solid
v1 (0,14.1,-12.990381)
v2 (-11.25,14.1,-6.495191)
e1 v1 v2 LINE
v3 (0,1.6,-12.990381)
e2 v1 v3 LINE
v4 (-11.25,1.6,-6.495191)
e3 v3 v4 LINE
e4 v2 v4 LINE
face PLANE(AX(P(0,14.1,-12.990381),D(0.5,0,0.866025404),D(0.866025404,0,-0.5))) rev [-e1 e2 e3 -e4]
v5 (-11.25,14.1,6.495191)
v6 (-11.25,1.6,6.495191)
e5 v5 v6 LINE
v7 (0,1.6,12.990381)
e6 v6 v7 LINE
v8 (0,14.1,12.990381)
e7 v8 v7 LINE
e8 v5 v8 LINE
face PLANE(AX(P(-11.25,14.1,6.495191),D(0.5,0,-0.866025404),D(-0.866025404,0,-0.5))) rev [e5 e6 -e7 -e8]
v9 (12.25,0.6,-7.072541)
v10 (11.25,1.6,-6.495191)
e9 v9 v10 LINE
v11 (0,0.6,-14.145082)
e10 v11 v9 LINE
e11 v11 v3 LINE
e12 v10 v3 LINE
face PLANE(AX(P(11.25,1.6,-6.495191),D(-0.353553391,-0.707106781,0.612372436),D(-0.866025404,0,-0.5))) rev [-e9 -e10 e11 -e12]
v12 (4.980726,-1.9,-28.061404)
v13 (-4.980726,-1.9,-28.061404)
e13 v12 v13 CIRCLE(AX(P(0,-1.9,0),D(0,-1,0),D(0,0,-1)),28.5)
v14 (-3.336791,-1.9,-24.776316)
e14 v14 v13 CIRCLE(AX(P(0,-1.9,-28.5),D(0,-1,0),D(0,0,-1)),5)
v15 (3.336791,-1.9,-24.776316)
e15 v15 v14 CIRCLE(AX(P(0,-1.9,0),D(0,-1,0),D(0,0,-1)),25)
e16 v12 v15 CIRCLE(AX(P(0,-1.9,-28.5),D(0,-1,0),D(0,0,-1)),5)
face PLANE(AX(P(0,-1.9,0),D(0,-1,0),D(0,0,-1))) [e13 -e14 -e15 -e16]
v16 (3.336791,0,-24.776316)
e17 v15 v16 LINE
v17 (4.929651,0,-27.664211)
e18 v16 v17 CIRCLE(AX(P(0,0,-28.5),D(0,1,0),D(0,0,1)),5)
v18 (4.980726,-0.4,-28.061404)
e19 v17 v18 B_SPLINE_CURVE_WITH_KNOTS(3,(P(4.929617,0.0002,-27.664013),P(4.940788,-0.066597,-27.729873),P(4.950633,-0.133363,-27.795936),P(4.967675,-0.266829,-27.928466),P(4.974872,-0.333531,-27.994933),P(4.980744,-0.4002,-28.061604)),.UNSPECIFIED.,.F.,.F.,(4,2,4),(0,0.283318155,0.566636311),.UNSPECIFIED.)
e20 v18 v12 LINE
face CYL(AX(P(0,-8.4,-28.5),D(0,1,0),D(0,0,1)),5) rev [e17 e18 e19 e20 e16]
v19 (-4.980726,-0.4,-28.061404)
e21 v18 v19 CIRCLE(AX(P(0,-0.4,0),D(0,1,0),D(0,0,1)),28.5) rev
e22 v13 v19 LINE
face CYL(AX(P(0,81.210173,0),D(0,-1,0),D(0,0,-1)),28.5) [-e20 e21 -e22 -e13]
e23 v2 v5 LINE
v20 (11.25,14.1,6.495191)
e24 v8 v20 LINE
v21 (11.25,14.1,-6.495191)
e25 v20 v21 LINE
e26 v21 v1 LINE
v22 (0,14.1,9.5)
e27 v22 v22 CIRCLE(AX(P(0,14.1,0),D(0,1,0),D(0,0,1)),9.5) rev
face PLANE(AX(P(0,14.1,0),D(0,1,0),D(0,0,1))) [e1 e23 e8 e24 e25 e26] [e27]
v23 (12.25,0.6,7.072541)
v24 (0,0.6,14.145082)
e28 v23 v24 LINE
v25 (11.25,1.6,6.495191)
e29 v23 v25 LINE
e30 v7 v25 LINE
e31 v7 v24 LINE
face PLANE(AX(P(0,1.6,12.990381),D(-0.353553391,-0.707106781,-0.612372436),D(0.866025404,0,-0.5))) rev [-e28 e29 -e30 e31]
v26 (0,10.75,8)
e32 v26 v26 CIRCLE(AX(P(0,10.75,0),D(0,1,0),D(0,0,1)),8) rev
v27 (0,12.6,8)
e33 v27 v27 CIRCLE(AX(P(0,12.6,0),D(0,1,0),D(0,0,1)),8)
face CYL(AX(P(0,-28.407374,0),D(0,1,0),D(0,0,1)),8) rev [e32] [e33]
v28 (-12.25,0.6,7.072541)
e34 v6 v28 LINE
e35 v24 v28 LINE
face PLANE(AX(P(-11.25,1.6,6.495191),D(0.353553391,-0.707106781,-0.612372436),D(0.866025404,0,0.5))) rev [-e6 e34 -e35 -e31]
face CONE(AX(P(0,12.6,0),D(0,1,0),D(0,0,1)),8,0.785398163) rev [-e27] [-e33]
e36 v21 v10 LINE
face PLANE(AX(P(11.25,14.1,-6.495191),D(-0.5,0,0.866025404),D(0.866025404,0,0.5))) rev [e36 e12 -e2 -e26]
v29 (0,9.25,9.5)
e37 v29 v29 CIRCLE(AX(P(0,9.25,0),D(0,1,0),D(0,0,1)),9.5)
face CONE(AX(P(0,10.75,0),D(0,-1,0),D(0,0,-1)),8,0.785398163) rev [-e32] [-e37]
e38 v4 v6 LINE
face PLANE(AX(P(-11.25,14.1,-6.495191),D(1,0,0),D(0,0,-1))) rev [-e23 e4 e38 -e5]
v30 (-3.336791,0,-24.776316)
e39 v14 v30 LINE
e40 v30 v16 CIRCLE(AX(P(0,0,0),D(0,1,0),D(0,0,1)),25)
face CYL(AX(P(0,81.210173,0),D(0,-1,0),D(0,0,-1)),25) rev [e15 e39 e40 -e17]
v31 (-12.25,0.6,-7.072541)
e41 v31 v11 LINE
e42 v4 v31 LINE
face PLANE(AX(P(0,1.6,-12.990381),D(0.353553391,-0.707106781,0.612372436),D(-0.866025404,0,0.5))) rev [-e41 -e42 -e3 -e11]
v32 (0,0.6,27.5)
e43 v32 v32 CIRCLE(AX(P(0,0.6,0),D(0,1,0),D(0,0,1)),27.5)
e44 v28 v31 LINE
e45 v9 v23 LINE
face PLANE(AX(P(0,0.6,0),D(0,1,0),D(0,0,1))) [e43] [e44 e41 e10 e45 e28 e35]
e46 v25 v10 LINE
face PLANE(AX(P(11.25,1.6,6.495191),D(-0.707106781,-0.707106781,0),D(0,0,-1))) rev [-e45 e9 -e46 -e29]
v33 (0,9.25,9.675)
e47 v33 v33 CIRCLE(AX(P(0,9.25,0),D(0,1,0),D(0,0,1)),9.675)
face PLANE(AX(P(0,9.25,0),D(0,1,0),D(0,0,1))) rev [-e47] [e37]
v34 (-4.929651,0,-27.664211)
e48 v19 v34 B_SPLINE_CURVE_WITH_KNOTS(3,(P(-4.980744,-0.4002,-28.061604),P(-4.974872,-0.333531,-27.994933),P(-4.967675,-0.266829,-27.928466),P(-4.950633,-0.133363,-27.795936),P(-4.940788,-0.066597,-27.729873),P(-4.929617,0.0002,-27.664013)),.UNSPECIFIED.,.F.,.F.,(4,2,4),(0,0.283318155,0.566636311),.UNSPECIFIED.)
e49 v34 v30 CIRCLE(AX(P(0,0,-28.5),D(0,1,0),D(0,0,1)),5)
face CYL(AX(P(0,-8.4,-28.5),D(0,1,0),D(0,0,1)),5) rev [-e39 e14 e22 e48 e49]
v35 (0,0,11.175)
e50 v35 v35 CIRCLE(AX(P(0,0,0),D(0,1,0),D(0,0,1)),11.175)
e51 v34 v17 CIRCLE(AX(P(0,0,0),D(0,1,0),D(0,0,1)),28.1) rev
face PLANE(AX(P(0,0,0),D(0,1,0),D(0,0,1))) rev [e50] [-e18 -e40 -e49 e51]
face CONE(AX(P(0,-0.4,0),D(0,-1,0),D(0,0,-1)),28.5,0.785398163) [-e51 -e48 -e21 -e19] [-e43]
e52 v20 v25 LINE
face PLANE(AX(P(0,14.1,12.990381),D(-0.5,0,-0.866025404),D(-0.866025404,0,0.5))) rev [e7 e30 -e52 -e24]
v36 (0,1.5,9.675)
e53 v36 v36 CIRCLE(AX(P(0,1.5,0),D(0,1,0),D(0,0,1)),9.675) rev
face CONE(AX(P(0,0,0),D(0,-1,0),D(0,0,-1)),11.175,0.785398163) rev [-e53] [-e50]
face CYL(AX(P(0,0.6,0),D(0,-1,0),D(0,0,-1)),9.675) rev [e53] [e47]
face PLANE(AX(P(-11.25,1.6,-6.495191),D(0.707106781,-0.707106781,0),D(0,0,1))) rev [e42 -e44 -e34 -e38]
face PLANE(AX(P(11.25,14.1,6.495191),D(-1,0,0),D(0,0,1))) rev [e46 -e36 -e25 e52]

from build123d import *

# Parameters (mm, degrees)
SKETCH1_R                       = 27
SKETCH1_R_2                     = 9.675
BOSS_EXTRUDE1_DEPTH             = 0.6
SKETCH2_R                       = 9.675
BOSS_EXTRUDE2_DEPTH             = 13.5
SKETCH3_R                       = 10.043523413
SKETCH3_R_2                     = 8
BOSS_EXTRUDE3_DEPTH             = 4.85
CHAMFER1_SIZE                   = 1.5
SKETCH4_R                       = 28.5
SKETCH4_R_2                     = 25
BOSS_EXTRUDE4_DEPTH             = 1.9
BOSS_EXTRUDE4_DIRECTION_2_REACH = 42.704
CHAMFER2_SIZE                   = 1
CHAMFER3_SIZE                   = 1
CUT_EXTRUDE1_DEPTH              = 8.4


with BuildPart() as part:
    # Sketch1 → Boss-Extrude1 (new body)
    with BuildSketch(Plane(origin=(0, 0, 0), x_dir=(1, 0, 0), z_dir=(0, 1, 0))):
        with Locations(Location((0, 0, 0), (0, 0, 270))):
            Circle(SKETCH1_R)
        with Locations(Location((0, 0, 0), (0, 0, 270))):
            Circle(SKETCH1_R_2, mode=Mode.SUBTRACT)
    extrude(amount=BOSS_EXTRUDE1_DEPTH)

    # Sketch2 → Boss-Extrude2 (add)
    with BuildSketch(Plane(origin=(0, 0.6, 0), x_dir=(1, 0, 0), z_dir=(0, 1, 0))):
        Polygon((0, 12.990381057), (-11.25, 6.495190528), (-11.25, -6.495190528), (0, -12.990381057), (11.25, -6.495190528), (11.25, 6.495190528), align=None)
        with Locations(Location((0, 0, 0), (0, 0, 270))):
            Circle(SKETCH2_R, mode=Mode.SUBTRACT)
    extrude(amount=BOSS_EXTRUDE2_DEPTH)

    # Sketch3 → Boss-Extrude3 (add)
    with BuildSketch(Plane(origin=(0, 14.1, 0), x_dir=(1, 0, 0), z_dir=(0, 1, 0))):
        Circle(SKETCH3_R)
        with Locations(Location((0, 0, 0), (0, 0, 270))):
            Circle(SKETCH3_R_2, mode=Mode.SUBTRACT)
    extrude(amount=-BOSS_EXTRUDE3_DEPTH)

    # Chamfer1
    chamfer1_edges = [part.edges().sort_by_distance(p)[0] for p in [
        (0, 9.25, -8),
        (0, 14.1, -8),
        (0, 0, -9.675),
    ]]
    chamfer(chamfer1_edges, length=CHAMFER1_SIZE)

    # Sketch4 → Boss-Extrude4 (add)
    with BuildSketch(Plane.XZ):
        with Locations(Location((0, 0, 0), (0, 0, 270))):
            Circle(SKETCH4_R)
        with Locations(Location((0, 0, 0), (0, 0, 270))):
            Circle(SKETCH4_R_2, mode=Mode.SUBTRACT)
    extrude(amount=BOSS_EXTRUDE4_DEPTH)

    # Boss-Extrude4 direction 2: up to this face of the body (flat: up to its plane)
    boss_extrude4_direction_2_end = Plane(part.part.faces().sort_by_distance((0, 0.6, -26.236324676))[0])
    # Sketch4 → Boss-Extrude4 direction 2 (add, up to the picked face)
    with BuildSketch(Plane.XZ, mode=Mode.PRIVATE) as boss_extrude4_direction_2_sk1:
        with Locations(Location((0, 0, 0), (0, 0, 270))):
            Circle(SKETCH4_R)
        with Locations(Location((0, 0, 0), (0, 0, 270))):
            Circle(SKETCH4_R_2, mode=Mode.SUBTRACT)
    boss_extrude4_direction_2_tool1 = split(extrude(boss_extrude4_direction_2_sk1.sketch, amount=-BOSS_EXTRUDE4_DIRECTION_2_REACH, mode=Mode.PRIVATE), bisect_by=boss_extrude4_direction_2_end, keep=Keep.BOTH, mode=Mode.PRIVATE)
    add(boss_extrude4_direction_2_tool1.solids().sort_by(Axis((0, 0, 27.693898), (0, 1, 0)))[0])

    # Chamfer2
    chamfer2_edges = [part.edges().sort_by_distance(p)[0] for p in [
        (0, 0.6, 28.5),
    ]]
    chamfer(chamfer2_edges, length=CHAMFER2_SIZE)

    # Chamfer3
    chamfer3_edges = [part.edges().sort_by_distance(p)[0] for p in [
        (5.625, 0.6, -9.742785793),
        (-5.625, 0.6, -9.742785793),
        (-11.25, 0.6, 0),
        (-5.625, 0.6, 9.742785793),
        (5.625, 0.6, 9.742785793),
        (11.25, 0.6, 0),
    ]]
    chamfer(chamfer3_edges, length=CHAMFER3_SIZE)

    # Sketch5 → Cut-Extrude1 (cut)
    with BuildSketch(Plane(origin=(0, 0, 0), x_dir=(1, 0, 0), z_dir=(0, 1, 0))):
        with BuildLine():
            ThreePointArc((3.336791258, 24.776315789), (0, 33.5), (-3.336791258, 24.776315789))
            ThreePointArc((-3.336791258, 24.776315789), (0, 25), (3.336791258, 24.776315789))
        make_face()
    extrude(amount=-CUT_EXTRUDE1_DEPTH, mode=Mode.SUBTRACT)


solid = part.part
